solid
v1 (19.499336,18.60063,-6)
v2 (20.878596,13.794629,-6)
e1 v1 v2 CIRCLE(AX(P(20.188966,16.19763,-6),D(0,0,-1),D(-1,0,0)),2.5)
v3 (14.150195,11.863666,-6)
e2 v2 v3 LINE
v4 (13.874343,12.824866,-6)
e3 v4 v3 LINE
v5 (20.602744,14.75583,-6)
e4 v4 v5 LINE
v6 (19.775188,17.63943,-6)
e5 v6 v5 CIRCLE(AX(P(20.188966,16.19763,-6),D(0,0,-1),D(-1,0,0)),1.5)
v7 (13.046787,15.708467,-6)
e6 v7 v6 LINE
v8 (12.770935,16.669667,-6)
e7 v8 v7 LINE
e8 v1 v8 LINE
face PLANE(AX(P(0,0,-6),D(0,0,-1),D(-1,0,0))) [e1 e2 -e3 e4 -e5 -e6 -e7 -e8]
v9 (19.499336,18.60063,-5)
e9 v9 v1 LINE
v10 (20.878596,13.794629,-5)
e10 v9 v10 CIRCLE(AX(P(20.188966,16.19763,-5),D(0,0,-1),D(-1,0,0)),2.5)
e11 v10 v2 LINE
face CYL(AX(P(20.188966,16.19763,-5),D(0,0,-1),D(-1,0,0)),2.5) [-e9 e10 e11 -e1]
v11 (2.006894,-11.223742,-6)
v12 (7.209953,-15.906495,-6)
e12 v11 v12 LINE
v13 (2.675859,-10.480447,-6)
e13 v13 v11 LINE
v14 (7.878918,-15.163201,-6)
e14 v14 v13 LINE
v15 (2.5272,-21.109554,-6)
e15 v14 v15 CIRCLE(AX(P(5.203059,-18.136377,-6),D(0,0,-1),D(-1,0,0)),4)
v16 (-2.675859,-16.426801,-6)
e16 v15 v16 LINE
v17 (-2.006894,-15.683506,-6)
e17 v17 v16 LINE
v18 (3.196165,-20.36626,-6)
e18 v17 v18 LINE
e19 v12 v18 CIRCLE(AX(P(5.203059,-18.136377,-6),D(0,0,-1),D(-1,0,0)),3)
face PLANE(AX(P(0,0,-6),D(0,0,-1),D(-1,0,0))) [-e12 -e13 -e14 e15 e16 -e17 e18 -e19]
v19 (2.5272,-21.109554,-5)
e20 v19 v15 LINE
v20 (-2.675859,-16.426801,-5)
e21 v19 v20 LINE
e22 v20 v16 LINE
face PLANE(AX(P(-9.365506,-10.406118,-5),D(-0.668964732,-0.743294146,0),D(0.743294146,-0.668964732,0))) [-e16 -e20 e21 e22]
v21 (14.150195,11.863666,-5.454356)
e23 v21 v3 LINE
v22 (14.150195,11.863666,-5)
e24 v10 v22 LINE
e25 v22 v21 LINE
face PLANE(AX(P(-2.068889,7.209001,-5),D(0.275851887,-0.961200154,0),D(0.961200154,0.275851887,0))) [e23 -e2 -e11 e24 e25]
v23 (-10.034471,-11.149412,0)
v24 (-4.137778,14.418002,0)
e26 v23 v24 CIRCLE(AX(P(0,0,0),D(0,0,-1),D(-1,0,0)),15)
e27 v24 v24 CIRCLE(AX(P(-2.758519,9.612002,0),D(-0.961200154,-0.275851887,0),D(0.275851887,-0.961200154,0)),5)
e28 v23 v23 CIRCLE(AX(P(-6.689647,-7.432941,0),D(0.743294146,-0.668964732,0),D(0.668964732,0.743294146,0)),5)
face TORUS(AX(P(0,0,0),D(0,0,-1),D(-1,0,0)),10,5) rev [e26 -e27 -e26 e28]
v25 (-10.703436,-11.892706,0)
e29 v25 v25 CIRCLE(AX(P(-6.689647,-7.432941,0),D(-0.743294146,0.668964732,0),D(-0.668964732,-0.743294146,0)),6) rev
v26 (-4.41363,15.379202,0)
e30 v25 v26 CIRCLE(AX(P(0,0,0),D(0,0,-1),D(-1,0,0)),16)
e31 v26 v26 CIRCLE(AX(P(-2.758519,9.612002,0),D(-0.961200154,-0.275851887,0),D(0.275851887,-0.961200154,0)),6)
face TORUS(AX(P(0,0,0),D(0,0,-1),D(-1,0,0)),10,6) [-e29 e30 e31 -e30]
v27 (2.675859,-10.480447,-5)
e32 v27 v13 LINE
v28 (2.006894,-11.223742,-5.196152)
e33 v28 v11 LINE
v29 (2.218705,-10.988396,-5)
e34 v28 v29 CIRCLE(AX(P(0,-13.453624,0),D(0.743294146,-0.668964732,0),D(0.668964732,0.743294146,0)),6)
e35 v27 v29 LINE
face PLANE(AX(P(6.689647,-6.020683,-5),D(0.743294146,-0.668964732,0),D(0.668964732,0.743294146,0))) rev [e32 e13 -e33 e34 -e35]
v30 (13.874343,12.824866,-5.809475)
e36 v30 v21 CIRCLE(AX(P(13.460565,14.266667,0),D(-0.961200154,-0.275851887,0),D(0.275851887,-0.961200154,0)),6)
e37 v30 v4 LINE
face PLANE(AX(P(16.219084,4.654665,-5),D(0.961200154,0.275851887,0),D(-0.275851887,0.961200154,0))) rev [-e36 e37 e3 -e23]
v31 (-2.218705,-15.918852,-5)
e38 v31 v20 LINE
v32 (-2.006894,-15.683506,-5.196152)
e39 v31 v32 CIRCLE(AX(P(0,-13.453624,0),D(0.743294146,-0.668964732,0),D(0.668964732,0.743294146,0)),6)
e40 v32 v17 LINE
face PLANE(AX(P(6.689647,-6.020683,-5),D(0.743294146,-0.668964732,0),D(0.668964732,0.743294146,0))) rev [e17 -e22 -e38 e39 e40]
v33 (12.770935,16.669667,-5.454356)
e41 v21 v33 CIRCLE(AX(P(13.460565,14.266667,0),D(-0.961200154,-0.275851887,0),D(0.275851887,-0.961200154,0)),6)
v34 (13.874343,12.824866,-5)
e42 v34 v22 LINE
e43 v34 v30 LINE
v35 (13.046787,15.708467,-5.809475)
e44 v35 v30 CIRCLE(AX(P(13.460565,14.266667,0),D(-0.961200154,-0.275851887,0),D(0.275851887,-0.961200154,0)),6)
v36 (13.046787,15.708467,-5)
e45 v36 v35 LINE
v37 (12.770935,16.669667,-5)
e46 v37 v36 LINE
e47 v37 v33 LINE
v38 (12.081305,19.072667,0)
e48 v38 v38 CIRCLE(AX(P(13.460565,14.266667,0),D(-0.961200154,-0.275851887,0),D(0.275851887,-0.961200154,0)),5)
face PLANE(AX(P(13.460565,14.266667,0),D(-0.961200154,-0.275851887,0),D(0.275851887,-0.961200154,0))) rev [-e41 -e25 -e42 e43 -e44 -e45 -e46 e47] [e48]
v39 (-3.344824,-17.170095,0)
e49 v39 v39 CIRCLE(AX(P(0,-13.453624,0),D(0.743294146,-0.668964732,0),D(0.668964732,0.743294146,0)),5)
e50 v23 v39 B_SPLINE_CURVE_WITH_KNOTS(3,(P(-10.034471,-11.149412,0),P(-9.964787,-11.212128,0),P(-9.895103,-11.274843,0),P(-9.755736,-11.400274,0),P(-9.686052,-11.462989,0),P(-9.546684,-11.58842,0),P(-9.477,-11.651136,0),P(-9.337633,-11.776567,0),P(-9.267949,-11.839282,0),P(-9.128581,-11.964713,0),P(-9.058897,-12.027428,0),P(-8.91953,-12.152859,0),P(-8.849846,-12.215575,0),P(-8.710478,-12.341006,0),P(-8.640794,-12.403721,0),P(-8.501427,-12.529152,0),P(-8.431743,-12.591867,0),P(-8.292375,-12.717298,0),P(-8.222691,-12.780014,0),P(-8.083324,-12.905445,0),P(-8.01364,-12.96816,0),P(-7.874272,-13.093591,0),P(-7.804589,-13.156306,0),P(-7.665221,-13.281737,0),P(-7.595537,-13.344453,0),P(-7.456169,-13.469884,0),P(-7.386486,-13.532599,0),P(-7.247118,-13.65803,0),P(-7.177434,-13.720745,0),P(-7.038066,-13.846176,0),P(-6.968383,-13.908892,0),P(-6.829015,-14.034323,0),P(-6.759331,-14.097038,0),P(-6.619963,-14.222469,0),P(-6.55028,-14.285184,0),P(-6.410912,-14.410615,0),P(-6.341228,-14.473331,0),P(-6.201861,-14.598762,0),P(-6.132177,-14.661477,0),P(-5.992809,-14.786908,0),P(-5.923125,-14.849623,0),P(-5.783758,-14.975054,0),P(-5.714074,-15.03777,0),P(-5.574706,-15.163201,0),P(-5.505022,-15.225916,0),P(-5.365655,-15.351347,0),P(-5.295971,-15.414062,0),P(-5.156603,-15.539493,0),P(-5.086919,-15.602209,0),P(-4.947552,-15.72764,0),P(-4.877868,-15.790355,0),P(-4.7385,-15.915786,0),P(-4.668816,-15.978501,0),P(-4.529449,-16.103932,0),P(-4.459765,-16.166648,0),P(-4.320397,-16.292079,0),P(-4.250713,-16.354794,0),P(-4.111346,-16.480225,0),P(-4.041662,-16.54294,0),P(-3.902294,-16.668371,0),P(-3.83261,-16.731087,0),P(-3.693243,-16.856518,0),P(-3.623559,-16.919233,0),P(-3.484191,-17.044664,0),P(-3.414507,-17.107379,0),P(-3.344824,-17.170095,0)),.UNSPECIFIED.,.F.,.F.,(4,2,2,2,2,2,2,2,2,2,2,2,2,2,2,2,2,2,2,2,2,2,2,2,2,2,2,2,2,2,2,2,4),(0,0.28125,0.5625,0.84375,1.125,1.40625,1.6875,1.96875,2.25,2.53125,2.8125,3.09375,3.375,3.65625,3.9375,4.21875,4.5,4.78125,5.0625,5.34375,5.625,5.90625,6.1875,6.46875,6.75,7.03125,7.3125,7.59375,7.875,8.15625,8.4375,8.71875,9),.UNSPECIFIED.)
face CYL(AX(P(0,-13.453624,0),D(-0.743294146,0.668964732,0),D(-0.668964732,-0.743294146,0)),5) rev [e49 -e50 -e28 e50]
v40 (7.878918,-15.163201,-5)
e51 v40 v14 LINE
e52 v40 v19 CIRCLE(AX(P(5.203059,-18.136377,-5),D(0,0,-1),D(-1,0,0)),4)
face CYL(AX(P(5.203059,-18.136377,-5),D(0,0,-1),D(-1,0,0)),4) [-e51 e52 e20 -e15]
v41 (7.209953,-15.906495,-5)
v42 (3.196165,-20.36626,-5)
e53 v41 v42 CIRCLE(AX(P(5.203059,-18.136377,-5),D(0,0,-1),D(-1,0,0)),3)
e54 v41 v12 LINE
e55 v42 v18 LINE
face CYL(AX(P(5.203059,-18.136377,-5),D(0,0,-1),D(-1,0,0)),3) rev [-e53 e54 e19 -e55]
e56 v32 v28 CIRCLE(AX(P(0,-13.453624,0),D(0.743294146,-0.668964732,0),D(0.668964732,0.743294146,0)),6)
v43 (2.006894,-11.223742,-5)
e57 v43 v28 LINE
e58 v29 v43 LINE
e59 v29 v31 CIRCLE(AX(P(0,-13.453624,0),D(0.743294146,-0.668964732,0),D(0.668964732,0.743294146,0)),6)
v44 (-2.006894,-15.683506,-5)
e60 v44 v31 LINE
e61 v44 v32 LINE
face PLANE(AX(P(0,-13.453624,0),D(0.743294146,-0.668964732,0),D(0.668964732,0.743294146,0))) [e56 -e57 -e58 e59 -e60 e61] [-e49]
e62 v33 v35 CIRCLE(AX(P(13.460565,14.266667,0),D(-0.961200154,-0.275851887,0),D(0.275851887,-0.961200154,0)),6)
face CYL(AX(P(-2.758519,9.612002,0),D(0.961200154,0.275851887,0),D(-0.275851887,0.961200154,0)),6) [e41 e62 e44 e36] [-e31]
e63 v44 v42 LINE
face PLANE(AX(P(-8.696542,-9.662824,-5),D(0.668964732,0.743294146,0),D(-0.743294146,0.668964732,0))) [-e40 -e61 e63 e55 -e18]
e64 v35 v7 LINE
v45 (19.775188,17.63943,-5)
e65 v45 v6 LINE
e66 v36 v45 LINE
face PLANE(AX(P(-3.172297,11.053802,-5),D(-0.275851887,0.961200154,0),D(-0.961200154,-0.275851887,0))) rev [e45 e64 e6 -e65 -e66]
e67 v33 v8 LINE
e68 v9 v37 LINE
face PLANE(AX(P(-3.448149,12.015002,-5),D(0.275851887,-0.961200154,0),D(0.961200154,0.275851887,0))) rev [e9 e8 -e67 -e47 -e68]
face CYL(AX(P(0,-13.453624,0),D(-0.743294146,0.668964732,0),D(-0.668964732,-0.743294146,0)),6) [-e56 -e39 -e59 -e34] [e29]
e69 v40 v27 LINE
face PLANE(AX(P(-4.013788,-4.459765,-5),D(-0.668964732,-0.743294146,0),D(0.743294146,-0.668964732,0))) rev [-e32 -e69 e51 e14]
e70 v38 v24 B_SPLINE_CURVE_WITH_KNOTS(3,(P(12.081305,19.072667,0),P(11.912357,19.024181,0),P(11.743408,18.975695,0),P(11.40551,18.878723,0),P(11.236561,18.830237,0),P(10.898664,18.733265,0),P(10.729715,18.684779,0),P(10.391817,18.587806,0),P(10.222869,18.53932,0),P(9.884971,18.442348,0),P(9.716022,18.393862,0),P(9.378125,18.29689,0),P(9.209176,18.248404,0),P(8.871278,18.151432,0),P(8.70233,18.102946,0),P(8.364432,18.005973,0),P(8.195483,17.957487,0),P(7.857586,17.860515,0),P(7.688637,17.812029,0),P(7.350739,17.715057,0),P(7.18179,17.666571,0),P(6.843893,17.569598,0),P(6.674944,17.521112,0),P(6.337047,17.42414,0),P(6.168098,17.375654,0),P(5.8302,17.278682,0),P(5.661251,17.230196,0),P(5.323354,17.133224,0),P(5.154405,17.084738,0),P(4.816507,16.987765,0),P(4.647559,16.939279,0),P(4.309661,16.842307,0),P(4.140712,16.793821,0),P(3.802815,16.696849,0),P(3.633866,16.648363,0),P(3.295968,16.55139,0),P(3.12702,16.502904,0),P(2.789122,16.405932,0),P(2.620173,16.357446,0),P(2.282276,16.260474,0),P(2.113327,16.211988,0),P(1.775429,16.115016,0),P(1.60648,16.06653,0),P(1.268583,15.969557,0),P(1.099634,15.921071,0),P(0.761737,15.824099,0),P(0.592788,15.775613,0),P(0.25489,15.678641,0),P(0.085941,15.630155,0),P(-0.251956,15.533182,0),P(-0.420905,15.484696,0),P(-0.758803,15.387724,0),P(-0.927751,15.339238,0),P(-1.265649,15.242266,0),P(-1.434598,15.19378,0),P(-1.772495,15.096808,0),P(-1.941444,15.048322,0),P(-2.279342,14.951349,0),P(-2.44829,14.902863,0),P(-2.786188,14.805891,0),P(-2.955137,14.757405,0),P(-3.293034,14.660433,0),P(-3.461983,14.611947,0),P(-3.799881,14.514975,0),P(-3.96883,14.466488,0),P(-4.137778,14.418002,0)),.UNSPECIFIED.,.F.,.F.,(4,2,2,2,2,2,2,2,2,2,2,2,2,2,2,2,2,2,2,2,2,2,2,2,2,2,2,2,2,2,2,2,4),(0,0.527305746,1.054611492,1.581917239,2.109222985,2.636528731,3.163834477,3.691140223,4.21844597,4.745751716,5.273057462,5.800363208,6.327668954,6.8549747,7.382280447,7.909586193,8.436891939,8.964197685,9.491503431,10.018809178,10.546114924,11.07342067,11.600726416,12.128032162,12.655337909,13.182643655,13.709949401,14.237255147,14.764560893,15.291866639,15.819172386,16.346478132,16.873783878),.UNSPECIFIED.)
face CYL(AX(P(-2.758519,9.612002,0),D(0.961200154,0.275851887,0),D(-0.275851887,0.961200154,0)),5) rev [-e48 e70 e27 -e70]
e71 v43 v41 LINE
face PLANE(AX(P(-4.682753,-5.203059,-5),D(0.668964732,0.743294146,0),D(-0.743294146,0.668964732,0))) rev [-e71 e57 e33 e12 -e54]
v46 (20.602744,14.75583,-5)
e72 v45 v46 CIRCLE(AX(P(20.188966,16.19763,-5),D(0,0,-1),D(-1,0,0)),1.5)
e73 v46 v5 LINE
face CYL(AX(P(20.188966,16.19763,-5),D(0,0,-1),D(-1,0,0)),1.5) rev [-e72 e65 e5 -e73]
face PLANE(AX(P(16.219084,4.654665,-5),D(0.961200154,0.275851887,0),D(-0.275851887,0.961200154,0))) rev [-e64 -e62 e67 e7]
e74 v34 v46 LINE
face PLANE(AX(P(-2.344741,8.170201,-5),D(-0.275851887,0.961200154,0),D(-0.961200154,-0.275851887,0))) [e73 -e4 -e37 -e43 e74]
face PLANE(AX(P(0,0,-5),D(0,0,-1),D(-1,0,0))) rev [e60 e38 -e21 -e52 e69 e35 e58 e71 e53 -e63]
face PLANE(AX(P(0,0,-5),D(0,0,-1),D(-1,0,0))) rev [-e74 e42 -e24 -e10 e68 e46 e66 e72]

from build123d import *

# Parameters (mm, degrees)
VARREDURA_FINO1_PROFILE_R   = 6
VARREDURA_FINO1_PROFILE_R_2 = 5
RESSALTO_EXTRUS_O1_DEPTH    = 1


with BuildPart() as part:
    # Varredura-Fino1: sweep along a path in Esbo_o1
    with BuildLine(Plane.XY) as varredura_fino1_path:
        Line((0, -13.453624047), (-6.689647316, -7.432941462))
        ThreePointArc((-6.689647316, -7.432941462), (-9.74420246, 2.247335849), (-2.758518872, 9.612001541))
        Line((-2.758518872, 9.612001541), (13.460564792, 14.266666669))
    # Varredura-Fino1 profile (on start of the path) → Varredura-Fino1 (sweep)
    with BuildSketch(Plane(origin=(0, -13.453624047, 0), x_dir=(-0.6689647316224496, -0.7432941462471664, 0), z_dir=(-0.7432941462471664, 0.6689647316224496, 0))):
        Circle(VARREDURA_FINO1_PROFILE_R)
        Circle(VARREDURA_FINO1_PROFILE_R_2, mode=Mode.SUBTRACT)
    sweep(path=varredura_fino1_path.line)

    # Esbo_o19 → Ressalto-extrus_o1 (add)
    with BuildSketch(Plane(origin=(0, 0, -6), x_dir=(-1, 0, 0), z_dir=(0, 0, -1))):
        with BuildLine():
            Line((-13.046786961, 15.7084669), (-12.770935074, 16.669667054))
            Line((-12.770935074, 16.669667054), (-19.499336153, 18.600630265))
            ThreePointArc((-19.499336153, 18.600630265), (-22.591966256, 16.887259598), (-20.878595589, 13.794629494))
            Line((-20.878595589, 13.794629494), (-14.15019451, 11.863666283))
            Line((-14.15019451, 11.863666283), (-13.874342623, 12.824866438))
            Line((-13.874342623, 12.824866438), (-20.602743702, 14.755829648))
            ThreePointArc((-20.602743702, 14.755829648), (-21.630766102, 16.61140771), (-19.77518804, 17.639430111))
            Line((-19.77518804, 17.639430111), (-13.046786961, 15.7084669))
        make_face()
        with BuildLine():
            Line((-2.006894195, -11.223741608), (-2.675858926, -10.480447462))
            Line((-2.675858926, -10.480447462), (-7.87891795, -15.163200583))
            ThreePointArc((-7.87891795, -15.163200583), (-8.176235609, -20.812236095), (-2.527200097, -21.109553753))
            Line((-2.527200097, -21.109553753), (2.675858926, -16.426800632))
            Line((2.675858926, -16.426800632), (2.006894195, -15.683506486))
            Line((2.006894195, -15.683506486), (-3.196164829, -20.366259607))
            ThreePointArc((-3.196164829, -20.366259607), (-7.432941462, -20.143271363), (-7.209953219, -15.90649473))
            Line((-7.209953219, -15.90649473), (-2.006894195, -11.223741608))
        make_face()
    extrude(amount=-RESSALTO_EXTRUS_O1_DEPTH)


solid = part.part
